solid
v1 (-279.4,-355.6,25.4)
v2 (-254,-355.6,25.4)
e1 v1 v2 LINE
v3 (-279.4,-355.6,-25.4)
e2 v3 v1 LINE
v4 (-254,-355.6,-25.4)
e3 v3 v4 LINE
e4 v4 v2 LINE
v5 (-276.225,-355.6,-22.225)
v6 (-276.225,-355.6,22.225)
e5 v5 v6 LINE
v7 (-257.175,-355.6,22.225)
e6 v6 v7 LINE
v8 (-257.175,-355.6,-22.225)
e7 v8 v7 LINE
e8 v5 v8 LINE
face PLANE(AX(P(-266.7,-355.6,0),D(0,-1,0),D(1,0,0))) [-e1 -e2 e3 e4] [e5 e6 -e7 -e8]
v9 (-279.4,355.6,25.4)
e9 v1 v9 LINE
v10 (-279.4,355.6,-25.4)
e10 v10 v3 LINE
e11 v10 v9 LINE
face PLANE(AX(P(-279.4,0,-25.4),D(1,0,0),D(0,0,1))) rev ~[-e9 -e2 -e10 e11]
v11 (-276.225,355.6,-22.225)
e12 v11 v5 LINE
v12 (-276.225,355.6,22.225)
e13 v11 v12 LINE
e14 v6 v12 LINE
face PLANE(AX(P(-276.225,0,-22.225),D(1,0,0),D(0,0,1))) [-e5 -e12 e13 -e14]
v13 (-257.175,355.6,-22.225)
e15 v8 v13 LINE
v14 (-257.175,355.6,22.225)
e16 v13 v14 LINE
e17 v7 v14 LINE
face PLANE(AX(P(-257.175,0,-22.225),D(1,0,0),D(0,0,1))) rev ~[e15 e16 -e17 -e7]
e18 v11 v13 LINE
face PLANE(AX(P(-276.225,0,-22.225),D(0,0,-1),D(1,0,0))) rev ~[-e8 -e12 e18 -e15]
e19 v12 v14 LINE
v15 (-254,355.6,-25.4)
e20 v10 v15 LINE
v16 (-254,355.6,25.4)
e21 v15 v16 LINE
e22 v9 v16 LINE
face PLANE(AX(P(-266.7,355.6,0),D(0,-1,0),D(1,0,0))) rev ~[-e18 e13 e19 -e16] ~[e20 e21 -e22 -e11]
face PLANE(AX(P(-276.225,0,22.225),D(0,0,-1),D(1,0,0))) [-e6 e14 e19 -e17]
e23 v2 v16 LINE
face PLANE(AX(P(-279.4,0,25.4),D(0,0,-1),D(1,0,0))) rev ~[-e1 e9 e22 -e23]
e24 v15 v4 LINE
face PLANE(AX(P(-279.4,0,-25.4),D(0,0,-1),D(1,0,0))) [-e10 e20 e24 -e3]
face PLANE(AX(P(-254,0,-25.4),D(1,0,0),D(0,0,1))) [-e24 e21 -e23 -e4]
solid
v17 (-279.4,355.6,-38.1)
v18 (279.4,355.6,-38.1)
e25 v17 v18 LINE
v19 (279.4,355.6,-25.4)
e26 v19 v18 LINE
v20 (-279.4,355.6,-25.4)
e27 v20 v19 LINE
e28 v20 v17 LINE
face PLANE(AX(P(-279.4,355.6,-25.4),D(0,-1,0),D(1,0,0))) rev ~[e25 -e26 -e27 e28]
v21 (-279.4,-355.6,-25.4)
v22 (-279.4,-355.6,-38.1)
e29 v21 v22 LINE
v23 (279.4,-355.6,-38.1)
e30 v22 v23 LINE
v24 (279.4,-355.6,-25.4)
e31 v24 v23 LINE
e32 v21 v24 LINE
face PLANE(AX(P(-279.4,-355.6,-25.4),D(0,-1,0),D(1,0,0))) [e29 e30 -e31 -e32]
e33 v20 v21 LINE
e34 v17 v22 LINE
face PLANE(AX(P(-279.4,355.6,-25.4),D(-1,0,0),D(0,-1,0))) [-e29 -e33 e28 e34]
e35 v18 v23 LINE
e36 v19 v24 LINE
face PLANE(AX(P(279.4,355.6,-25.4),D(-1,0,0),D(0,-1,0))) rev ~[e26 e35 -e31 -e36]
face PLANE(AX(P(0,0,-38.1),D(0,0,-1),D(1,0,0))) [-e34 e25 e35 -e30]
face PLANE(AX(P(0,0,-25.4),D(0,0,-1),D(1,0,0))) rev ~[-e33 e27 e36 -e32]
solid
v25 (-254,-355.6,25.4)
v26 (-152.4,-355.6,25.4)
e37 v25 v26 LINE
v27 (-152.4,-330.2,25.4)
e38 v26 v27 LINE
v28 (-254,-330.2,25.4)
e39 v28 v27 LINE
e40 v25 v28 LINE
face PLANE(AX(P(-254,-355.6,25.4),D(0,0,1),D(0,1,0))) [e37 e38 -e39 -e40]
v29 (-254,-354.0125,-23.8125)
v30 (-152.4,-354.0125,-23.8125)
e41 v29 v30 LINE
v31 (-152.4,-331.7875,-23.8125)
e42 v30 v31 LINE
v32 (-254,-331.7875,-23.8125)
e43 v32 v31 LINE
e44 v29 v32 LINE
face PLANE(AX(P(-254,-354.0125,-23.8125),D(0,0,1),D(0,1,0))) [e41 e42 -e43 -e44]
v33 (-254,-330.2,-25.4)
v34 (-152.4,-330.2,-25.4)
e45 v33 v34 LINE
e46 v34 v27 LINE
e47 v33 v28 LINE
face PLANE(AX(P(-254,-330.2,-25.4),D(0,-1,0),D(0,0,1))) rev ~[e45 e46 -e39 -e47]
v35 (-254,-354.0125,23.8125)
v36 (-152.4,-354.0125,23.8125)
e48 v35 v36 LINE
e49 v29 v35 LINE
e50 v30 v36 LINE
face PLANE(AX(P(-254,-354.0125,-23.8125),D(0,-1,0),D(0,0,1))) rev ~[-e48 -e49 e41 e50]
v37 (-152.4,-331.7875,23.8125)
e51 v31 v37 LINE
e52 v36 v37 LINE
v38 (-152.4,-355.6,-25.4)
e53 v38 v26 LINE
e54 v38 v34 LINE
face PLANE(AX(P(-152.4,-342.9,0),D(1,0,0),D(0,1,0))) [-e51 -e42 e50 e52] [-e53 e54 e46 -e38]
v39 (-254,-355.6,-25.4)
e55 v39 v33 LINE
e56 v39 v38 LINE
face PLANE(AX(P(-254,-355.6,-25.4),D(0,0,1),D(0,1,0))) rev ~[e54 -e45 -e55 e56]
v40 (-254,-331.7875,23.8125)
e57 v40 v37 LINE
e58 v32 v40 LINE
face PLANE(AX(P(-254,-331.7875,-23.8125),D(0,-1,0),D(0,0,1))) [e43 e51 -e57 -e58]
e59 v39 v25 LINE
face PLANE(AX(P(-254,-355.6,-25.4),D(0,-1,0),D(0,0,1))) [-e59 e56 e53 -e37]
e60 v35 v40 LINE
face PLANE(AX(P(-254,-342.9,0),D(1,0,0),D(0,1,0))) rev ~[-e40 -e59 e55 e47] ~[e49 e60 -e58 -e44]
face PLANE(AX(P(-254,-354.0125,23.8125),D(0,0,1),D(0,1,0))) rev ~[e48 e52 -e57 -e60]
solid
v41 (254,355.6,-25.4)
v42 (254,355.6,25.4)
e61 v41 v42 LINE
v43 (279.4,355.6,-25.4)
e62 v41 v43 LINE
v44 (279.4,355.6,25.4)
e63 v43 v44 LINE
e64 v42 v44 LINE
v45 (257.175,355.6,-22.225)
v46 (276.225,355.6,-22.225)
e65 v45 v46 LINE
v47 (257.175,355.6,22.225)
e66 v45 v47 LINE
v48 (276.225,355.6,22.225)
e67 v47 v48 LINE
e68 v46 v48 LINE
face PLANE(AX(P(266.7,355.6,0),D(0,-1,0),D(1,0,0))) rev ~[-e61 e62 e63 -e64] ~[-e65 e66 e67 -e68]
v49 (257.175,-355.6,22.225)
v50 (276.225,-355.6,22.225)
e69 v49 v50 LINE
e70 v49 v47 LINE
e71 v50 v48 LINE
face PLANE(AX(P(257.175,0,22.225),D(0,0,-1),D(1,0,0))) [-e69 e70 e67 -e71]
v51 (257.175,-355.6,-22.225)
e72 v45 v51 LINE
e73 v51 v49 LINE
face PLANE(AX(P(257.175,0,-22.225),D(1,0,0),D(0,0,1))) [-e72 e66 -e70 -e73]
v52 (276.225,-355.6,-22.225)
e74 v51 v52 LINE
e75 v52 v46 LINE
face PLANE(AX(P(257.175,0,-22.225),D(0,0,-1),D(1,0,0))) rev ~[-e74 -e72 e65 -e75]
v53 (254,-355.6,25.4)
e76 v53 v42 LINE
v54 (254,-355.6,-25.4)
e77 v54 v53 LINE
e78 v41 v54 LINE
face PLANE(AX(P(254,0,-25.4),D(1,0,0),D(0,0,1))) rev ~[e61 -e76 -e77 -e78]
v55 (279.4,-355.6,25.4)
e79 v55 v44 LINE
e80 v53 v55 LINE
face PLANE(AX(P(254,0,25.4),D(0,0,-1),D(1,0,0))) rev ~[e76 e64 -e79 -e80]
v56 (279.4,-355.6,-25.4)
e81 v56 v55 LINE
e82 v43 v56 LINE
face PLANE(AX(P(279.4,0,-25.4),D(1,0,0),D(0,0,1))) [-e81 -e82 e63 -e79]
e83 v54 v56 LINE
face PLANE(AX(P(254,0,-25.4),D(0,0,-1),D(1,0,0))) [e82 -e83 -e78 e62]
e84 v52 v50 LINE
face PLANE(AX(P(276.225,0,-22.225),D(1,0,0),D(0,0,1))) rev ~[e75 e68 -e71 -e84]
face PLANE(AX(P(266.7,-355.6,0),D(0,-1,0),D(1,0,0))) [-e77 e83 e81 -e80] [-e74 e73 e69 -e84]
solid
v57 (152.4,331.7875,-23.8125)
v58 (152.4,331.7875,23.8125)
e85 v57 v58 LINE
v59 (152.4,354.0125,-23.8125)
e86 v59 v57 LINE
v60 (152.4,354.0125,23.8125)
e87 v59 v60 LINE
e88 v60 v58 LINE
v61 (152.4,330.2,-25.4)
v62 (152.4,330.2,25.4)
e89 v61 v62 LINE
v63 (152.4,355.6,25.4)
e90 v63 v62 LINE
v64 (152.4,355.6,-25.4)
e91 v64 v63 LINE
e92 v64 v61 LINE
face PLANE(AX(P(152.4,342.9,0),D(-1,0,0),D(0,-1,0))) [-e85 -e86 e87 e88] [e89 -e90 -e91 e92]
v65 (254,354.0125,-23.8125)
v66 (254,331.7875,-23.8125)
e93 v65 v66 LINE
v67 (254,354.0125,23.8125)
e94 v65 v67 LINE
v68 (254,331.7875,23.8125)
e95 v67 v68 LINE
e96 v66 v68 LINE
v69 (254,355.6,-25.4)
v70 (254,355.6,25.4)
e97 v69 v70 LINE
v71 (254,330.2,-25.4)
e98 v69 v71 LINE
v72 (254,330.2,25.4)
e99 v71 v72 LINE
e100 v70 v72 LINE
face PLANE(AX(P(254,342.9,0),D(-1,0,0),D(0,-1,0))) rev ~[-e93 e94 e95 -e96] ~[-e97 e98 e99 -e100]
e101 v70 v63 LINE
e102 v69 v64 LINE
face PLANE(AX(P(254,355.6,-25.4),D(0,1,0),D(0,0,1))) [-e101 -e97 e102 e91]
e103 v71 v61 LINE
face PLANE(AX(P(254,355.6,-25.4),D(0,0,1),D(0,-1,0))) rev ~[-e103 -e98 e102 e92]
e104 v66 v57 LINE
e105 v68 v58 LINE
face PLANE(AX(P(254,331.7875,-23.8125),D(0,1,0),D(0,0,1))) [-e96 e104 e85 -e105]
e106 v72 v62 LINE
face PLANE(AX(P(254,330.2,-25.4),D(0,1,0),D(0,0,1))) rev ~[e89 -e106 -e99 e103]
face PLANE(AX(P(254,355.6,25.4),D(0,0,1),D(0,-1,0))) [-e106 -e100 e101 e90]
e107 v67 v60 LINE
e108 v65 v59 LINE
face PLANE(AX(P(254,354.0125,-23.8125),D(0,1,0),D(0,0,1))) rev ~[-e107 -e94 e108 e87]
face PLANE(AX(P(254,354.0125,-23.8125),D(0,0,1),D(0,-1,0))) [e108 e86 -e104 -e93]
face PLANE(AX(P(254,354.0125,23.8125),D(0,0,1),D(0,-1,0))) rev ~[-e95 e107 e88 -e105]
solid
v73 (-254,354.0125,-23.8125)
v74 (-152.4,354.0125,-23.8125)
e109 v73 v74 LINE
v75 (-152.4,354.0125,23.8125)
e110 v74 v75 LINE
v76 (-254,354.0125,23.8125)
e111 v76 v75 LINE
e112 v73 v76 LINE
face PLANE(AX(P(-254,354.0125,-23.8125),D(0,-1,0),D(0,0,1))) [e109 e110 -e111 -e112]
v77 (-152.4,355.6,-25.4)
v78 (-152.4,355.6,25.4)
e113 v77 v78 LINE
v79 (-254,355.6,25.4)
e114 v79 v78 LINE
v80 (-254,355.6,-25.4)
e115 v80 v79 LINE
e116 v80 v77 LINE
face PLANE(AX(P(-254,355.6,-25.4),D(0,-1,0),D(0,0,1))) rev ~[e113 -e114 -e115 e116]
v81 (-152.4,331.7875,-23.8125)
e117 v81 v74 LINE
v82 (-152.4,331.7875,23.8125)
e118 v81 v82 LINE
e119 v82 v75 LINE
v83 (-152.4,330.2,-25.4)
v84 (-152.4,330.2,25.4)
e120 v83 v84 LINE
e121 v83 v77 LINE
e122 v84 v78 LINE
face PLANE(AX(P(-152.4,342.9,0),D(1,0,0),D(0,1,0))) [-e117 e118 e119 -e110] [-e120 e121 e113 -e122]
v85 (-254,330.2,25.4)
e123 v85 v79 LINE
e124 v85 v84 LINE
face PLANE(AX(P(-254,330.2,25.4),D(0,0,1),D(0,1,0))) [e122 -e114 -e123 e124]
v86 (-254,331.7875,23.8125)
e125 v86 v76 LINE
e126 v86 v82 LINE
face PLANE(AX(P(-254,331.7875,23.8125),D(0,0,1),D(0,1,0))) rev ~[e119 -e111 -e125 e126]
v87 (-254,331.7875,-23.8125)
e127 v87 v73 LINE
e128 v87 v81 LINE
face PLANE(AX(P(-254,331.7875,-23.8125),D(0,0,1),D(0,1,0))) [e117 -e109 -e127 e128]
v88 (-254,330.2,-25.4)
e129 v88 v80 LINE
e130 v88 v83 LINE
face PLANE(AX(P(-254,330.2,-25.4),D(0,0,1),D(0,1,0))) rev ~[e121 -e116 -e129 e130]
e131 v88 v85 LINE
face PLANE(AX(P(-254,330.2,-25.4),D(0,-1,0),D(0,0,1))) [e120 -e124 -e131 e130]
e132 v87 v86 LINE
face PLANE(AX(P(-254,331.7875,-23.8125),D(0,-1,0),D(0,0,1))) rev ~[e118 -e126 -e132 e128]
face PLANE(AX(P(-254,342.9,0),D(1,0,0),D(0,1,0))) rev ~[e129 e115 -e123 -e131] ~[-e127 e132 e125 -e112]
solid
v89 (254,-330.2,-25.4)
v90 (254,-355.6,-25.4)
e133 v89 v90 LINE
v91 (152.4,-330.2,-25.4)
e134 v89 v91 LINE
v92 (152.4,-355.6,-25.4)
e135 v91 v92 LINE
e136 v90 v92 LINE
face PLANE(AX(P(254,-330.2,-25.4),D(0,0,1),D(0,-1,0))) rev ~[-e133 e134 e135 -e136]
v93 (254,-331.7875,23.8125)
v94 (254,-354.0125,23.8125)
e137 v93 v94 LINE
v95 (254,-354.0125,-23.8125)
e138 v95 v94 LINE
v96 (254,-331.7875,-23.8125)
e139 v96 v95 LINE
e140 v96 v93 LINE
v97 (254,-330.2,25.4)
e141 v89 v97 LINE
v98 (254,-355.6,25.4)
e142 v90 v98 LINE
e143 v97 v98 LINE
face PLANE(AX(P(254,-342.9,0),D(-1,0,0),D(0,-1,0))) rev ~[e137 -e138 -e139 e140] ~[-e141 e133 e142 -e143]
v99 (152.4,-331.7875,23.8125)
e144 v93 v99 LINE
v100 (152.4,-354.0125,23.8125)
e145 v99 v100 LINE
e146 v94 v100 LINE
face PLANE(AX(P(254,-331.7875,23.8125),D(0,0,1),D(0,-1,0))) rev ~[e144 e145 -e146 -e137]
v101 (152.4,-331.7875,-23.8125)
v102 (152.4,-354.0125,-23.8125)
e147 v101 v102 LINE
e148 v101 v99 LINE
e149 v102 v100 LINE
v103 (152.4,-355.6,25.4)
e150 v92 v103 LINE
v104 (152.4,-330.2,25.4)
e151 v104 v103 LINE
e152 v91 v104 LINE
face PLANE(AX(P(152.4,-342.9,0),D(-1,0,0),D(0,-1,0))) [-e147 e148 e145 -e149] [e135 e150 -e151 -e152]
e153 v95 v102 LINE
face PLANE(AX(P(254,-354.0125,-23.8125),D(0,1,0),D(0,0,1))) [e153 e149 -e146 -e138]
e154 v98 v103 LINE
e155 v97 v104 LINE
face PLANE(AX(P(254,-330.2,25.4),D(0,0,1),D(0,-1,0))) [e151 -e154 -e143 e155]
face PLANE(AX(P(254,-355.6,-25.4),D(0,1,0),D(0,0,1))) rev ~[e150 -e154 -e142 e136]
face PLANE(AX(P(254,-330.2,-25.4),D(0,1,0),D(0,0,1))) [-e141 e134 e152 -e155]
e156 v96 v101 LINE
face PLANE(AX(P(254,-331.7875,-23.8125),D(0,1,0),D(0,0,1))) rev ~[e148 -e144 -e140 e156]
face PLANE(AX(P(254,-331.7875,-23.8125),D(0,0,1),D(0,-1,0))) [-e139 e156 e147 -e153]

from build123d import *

# Parameters (mm, degrees)
F0_W          = 25.4
F0_H          = 50.8
F0_W_2        = 19.05
F0_H_2        = 44.45
F1_DEPTH      = 355.6
F1_DEPTH_BACK = 355.6
F2_W          = 558.8
F2_H          = 711.2
F3_DEPTH      = 12.7
F4_W          = 25.4
F4_H          = 50.8
F4_W_2        = 22.225
F4_H_2        = 47.625
F5_DEPTH      = 101.6
F6_W          = 25.4
F6_H          = 50.8
F6_W_2        = 22.225
F6_H_2        = 47.625
F7_DEPTH      = 101.6


with BuildPart() as f1:
    # F0 (on Front) → F1 (new body, two sides)
    with BuildSketch(Plane.XZ) as f1_sk:
        with Locations((-266.7, 0)):
            Rectangle(F0_W, F0_H)
        with Locations((-266.7, 0)):
            Rectangle(F0_W_2, F0_H_2, mode=Mode.SUBTRACT)
        with Locations((266.7, 0)):
            Rectangle(F0_W, F0_H)
        with Locations((266.7, 0)):
            Rectangle(F0_W_2, F0_H_2, mode=Mode.SUBTRACT)
    extrude(amount=F1_DEPTH)
    extrude(f1_sk.sketch, amount=-F1_DEPTH_BACK)


with BuildPart() as f3:
    # F2 (on face) → F3 (new body)
    with BuildSketch(Plane(origin=(0, 0, -25.4), x_dir=(1, 0, 0), z_dir=(0, 0, -1))):
        Rectangle(F2_W, F2_H)
    extrude(amount=F3_DEPTH)


with BuildPart() as f5:
    # F4 (on face) → F5 (new body)
    with BuildSketch(Plane(origin=(254, 0, 0), x_dir=(0, -1, 0), z_dir=(-1, 0, 0))):
        with Locations((-342.9, 0)):
            Rectangle(F4_W, F4_H)
        with Locations((-342.9, 0)):
            Rectangle(F4_W_2, F4_H_2, mode=Mode.SUBTRACT)
        with Locations((342.9, 0)):
            Rectangle(F4_W, F4_H)
        with Locations((342.9, 0)):
            Rectangle(F4_W_2, F4_H_2, mode=Mode.SUBTRACT)
    extrude(amount=F5_DEPTH)


with BuildPart() as f7:
    # F6 (on face) → F7 (new body)
    with BuildSketch(Plane.YZ.offset(-254)):
        with Locations((-342.9, 0)):
            Rectangle(F6_W, F6_H)
        with Locations((-342.9, 0)):
            Rectangle(F6_W_2, F6_H_2, mode=Mode.SUBTRACT)
        with Locations((342.9, 0)):
            Rectangle(F6_W, F6_H)
        with Locations((342.9, 0)):
            Rectangle(F6_W_2, F6_H_2, mode=Mode.SUBTRACT)
    extrude(amount=F7_DEPTH)


solid = Compound([f1.part, f3.part, f5.part, f7.part])
